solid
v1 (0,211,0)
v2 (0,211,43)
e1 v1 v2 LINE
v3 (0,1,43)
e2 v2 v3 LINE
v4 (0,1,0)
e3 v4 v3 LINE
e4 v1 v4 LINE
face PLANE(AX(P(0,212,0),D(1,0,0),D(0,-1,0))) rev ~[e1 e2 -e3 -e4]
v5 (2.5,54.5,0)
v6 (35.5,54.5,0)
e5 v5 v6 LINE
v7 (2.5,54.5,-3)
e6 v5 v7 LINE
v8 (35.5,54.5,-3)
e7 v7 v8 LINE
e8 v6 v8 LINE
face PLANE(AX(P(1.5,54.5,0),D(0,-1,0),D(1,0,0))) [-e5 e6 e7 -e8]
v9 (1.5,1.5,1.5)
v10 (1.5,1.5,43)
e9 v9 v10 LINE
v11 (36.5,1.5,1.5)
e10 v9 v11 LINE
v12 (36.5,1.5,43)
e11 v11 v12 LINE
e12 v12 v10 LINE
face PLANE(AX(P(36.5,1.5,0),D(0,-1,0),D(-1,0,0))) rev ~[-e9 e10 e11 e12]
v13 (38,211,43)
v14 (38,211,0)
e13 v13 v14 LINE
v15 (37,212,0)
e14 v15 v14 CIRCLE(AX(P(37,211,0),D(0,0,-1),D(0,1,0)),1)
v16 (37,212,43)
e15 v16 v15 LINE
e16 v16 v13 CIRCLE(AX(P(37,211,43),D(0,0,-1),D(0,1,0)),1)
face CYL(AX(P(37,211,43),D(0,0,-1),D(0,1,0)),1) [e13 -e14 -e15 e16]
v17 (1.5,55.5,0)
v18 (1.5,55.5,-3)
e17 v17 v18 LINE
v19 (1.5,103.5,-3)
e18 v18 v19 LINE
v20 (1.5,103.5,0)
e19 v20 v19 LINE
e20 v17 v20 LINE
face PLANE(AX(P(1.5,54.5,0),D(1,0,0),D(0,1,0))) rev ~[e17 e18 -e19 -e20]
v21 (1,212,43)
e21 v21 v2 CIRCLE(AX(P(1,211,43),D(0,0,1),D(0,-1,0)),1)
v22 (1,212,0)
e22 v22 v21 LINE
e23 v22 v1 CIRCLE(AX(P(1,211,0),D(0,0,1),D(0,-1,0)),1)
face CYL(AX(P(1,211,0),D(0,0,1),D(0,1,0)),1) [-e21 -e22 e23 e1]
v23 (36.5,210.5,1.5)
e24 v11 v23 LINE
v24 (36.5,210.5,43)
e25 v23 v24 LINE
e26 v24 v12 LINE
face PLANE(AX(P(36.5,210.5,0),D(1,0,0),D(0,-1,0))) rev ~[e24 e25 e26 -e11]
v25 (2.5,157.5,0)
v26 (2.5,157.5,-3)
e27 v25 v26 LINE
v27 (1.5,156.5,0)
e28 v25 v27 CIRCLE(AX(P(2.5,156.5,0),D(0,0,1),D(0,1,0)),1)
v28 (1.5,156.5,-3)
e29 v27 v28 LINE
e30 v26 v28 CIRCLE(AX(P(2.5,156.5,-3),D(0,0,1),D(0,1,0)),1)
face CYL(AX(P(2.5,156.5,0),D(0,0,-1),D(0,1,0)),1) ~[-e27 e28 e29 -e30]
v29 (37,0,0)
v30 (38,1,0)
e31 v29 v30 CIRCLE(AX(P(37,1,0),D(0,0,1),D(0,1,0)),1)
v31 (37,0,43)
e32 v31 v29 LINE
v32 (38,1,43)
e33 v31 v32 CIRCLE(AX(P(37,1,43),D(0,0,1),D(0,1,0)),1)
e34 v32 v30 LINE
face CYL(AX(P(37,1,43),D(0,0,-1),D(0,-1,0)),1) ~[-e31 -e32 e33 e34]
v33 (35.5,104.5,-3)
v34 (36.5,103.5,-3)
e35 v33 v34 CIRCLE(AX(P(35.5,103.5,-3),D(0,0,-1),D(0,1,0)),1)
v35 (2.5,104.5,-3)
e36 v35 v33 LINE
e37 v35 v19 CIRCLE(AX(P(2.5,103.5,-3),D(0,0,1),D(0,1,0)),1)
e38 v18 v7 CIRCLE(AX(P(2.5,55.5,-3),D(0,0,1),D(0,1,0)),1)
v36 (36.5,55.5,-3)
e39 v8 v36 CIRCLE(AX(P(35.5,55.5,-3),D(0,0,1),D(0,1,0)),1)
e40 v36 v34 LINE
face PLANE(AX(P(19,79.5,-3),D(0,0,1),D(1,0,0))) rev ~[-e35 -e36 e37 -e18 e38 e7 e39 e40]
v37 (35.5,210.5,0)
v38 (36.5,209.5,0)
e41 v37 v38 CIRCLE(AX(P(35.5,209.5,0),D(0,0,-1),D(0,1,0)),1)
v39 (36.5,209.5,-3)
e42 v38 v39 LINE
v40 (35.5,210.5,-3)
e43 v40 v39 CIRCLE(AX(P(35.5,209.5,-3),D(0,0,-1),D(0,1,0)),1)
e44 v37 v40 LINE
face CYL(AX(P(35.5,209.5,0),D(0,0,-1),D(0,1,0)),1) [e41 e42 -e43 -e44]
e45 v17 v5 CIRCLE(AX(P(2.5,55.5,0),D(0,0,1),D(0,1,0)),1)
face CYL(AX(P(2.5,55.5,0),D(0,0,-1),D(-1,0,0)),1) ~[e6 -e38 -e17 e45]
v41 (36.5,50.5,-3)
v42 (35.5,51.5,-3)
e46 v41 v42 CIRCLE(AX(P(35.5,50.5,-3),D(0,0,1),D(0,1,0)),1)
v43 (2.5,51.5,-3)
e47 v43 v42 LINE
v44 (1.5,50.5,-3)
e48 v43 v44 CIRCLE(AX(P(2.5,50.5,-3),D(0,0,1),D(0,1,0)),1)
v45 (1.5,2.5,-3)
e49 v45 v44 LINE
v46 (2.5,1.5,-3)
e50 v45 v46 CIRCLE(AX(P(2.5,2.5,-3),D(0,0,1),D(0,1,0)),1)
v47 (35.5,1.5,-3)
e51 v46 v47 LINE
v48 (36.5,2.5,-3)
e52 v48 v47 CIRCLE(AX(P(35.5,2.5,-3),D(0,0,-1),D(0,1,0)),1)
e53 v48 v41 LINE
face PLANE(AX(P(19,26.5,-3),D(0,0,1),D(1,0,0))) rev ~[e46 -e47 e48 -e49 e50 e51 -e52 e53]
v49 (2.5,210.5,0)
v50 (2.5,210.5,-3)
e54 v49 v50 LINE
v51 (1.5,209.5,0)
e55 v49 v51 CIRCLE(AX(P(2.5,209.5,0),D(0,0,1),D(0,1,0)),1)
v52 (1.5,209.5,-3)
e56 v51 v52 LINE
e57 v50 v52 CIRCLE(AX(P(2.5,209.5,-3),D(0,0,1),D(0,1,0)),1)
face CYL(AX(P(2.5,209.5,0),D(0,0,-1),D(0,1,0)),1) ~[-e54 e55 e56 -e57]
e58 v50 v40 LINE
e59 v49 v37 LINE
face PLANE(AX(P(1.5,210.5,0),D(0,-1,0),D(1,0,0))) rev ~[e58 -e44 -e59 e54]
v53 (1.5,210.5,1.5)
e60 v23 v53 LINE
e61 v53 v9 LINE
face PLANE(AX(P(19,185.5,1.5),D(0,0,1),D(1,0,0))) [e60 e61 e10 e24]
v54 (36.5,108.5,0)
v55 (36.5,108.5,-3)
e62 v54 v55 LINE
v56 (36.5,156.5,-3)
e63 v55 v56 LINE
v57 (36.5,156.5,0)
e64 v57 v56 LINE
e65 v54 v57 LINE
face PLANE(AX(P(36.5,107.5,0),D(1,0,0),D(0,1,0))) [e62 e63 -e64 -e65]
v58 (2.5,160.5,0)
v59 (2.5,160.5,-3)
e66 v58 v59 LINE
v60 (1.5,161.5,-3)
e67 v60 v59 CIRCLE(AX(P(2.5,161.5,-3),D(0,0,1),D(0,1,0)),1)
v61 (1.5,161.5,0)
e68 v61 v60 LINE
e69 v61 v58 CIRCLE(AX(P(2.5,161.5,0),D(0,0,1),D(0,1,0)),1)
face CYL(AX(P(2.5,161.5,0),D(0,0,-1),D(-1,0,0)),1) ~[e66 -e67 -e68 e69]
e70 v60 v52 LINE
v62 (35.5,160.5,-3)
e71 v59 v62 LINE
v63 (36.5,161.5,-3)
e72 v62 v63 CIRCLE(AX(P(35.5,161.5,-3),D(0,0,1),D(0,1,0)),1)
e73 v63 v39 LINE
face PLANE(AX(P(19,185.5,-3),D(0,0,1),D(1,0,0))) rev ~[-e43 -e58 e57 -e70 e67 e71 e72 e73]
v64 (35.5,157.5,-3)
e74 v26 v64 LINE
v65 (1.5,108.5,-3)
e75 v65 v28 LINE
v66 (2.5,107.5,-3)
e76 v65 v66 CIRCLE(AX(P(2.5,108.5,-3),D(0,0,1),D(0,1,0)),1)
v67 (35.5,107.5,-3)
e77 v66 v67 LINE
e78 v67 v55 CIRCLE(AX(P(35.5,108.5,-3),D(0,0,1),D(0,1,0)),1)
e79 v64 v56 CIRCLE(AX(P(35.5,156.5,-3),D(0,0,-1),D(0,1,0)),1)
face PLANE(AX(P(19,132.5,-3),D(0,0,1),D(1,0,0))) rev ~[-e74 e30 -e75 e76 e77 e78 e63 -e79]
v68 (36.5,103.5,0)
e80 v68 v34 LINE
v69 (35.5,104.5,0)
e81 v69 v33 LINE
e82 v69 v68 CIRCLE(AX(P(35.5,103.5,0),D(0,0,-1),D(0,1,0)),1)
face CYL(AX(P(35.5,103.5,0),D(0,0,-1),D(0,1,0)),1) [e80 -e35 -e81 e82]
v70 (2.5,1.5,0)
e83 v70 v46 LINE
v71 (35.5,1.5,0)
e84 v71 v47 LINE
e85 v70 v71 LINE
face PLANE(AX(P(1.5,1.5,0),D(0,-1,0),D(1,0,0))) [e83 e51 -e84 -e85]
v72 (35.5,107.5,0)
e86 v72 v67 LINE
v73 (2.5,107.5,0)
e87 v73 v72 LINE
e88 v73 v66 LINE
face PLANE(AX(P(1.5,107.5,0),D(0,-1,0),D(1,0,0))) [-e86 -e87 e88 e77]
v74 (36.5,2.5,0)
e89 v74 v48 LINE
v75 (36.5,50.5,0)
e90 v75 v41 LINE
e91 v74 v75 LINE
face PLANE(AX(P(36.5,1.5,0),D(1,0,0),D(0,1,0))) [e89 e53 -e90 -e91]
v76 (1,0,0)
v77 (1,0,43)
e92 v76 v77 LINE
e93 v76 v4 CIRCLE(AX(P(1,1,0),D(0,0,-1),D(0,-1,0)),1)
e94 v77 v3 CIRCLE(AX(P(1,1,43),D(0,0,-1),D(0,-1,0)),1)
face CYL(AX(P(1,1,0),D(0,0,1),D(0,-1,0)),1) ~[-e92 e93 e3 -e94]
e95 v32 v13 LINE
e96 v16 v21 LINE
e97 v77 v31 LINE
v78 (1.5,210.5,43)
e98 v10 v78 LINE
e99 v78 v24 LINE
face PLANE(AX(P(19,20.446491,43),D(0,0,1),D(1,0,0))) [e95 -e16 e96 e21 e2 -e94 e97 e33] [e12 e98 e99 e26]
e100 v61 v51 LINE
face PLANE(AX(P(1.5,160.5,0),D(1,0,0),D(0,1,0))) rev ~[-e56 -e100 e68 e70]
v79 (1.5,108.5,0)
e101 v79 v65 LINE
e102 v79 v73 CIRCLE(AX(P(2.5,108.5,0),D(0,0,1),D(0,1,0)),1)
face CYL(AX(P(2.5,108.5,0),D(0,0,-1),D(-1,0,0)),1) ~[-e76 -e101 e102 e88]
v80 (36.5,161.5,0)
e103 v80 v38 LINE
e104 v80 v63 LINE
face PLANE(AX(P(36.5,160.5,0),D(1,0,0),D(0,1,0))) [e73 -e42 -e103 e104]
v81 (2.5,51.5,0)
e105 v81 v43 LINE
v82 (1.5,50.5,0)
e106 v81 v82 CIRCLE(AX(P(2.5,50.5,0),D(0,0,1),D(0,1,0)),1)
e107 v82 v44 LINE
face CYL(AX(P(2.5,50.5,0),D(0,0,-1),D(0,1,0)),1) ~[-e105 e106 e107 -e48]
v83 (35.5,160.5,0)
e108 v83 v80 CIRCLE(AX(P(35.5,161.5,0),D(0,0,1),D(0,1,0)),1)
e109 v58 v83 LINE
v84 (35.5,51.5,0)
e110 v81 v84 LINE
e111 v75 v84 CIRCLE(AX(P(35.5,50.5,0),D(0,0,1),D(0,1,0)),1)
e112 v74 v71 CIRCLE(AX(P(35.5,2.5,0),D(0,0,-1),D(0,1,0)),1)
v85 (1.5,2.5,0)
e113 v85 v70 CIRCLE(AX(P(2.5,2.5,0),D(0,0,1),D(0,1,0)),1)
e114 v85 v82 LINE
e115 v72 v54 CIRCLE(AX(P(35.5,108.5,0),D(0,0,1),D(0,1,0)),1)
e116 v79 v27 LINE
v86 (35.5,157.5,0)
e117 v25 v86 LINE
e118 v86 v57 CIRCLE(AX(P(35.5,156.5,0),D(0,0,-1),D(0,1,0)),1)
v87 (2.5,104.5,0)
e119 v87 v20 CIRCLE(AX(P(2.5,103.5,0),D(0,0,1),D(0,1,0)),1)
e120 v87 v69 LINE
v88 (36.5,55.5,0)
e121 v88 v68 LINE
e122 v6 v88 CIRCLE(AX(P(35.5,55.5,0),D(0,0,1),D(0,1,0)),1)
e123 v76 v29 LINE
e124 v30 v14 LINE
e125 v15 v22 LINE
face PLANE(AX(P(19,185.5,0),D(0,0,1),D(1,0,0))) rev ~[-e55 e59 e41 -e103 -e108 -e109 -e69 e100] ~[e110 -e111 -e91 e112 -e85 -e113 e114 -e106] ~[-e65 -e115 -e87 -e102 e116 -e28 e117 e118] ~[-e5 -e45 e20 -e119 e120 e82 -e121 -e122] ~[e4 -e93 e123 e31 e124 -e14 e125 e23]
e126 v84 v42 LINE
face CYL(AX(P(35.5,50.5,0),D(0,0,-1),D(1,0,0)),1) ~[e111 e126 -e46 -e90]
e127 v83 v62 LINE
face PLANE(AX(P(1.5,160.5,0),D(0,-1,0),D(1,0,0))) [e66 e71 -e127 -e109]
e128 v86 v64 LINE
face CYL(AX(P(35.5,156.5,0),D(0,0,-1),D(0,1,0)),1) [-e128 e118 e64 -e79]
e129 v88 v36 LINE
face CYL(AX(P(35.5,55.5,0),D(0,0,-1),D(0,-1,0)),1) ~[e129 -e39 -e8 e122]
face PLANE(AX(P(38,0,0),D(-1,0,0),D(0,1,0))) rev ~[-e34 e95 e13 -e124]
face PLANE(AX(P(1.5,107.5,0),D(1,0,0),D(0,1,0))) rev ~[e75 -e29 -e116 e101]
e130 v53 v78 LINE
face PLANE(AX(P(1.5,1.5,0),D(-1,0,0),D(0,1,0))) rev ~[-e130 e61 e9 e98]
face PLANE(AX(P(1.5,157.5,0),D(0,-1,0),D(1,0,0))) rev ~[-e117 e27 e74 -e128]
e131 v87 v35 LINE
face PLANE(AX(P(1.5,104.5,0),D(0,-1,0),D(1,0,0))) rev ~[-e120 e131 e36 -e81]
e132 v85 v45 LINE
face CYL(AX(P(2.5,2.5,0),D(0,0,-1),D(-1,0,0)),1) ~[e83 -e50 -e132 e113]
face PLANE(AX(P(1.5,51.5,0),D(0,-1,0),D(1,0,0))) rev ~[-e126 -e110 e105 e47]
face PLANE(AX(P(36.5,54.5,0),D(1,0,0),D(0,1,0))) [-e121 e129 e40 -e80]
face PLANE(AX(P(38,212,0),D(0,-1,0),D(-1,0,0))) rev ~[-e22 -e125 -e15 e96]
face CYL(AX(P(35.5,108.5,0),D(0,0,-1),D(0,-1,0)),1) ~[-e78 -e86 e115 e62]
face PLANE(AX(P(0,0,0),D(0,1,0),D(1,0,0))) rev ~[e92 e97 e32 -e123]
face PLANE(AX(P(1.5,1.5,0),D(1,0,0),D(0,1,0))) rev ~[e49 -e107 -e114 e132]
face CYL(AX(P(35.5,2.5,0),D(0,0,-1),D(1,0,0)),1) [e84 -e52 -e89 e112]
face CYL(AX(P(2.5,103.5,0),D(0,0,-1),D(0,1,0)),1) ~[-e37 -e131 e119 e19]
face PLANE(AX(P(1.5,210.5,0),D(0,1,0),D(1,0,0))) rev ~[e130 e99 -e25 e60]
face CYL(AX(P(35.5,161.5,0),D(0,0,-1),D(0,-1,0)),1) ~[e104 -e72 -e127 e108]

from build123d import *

# Parameters (mm, degrees)
F0_W     = 35
F0_H     = 50
F1_DEPTH = 3
F0_H_2   = 1.5
F2_DEPTH = 1.5
F3_DEPTH = 43
F4_R     = 1


with BuildPart() as f1:
    # F0 (on Top) → F1 (new body)
    with BuildSketch(Plane.XY):
        with Locations((19, 185.5)):
            Rectangle(F0_W, F0_H)
        with Locations((19, 132.5)):
            Rectangle(F0_W, F0_H)
        with Locations((19, 79.5)):
            Rectangle(F0_W, F0_H)
        with Locations((19, 26.5)):
            Rectangle(F0_W, F0_H)
    extrude(amount=-F1_DEPTH)

    # F0 (on Top) → F2 (join)
    with BuildSketch(Plane.XY):
        with Locations((19, 185.5)):
            Rectangle(F0_W, F0_H)
        Polygon((0, 212), (0, 159), (1.5, 159), (1.5, 160.5), (1.5, 210.5), (36.5, 210.5), (36.5, 160.5), (36.5, 159), (38, 159), (38, 212), align=None)
        with Locations((19, 132.5)):
            Rectangle(F0_W, F0_H)
        Polygon((36.5, 106), (38, 106), (38, 159), (36.5, 159), (36.5, 157.5), (36.5, 107.5), align=None)
        with Locations((19, 158.25)):
            Rectangle(F0_W, F0_H_2)
        with Locations((19, 159.75)):
            Rectangle(F0_W, F0_H_2)
        Polygon((0, 159), (0, 106), (1.5, 106), (1.5, 107.5), (1.5, 157.5), (1.5, 159), align=None)
        with Locations((19, 105.25)):
            Rectangle(F0_W, F0_H_2)
        with Locations((19, 106.75)):
            Rectangle(F0_W, F0_H_2)
        Polygon((36.5, 53), (38, 53), (38, 106), (36.5, 106), (36.5, 104.5), (36.5, 54.5), align=None)
        with Locations((19, 79.5)):
            Rectangle(F0_W, F0_H)
        Polygon((0, 106), (0, 53), (1.5, 53), (1.5, 54.5), (1.5, 104.5), (1.5, 106), align=None)
        Polygon((0, 53), (0, 0), (38, 0), (38, 53), (36.5, 53), (36.5, 51.5), (36.5, 1.5), (1.5, 1.5), (1.5, 51.5), (1.5, 53), align=None)
        with Locations((19, 26.5)):
            Rectangle(F0_W, F0_H)
        with Locations((19, 52.25)):
            Rectangle(F0_W, F0_H_2)
        with Locations((19, 53.75)):
            Rectangle(F0_W, F0_H_2)
    extrude(amount=F2_DEPTH)

    # F0 (on Top) → F3 (join)
    with BuildSketch(Plane.XY):
        Polygon((0, 53), (0, 0), (38, 0), (38, 53), (36.5, 53), (36.5, 51.5), (36.5, 1.5), (1.5, 1.5), (1.5, 51.5), (1.5, 53), align=None)
        Polygon((0, 106), (0, 53), (1.5, 53), (1.5, 54.5), (1.5, 104.5), (1.5, 106), align=None)
        Polygon((36.5, 53), (38, 53), (38, 106), (36.5, 106), (36.5, 104.5), (36.5, 54.5), align=None)
        Polygon((36.5, 106), (38, 106), (38, 159), (36.5, 159), (36.5, 157.5), (36.5, 107.5), align=None)
        Polygon((0, 159), (0, 106), (1.5, 106), (1.5, 107.5), (1.5, 157.5), (1.5, 159), align=None)
        Polygon((0, 212), (0, 159), (1.5, 159), (1.5, 160.5), (1.5, 210.5), (36.5, 210.5), (36.5, 160.5), (36.5, 159), (38, 159), (38, 212), align=None)
    extrude(amount=F3_DEPTH)

    # F4
    f4_edges = [f1.edges().sort_by_distance(p)[0] for p in [
        (38, 212, 21.5),
        (0, 212, 21.5),
        (1.5, 210.5, -1.5),
        (36.5, 210.5, -1.5),
        (1.5, 160.5, -1.5),
        (36.5, 160.5, -1.5),
        (36.5, 157.5, -1.5),
        (1.5, 157.5, -1.5),
        (1.5, 107.5, -1.5),
        (36.5, 107.5, -1.5),
        (36.5, 104.5, -1.5),
        (1.5, 104.5, -1.5),
        (1.5, 54.5, -1.5),
        (36.5, 54.5, -1.5),
        (36.5, 51.5, -1.5),
        (1.5, 51.5, -1.5),
        (1.5, 1.5, -1.5),
        (36.5, 1.5, -1.5),
        (38, 0, 21.5),
        (0, 0, 21.5),
    ]]
    fillet(f4_edges, radius=F4_R)


solid = f1.part
